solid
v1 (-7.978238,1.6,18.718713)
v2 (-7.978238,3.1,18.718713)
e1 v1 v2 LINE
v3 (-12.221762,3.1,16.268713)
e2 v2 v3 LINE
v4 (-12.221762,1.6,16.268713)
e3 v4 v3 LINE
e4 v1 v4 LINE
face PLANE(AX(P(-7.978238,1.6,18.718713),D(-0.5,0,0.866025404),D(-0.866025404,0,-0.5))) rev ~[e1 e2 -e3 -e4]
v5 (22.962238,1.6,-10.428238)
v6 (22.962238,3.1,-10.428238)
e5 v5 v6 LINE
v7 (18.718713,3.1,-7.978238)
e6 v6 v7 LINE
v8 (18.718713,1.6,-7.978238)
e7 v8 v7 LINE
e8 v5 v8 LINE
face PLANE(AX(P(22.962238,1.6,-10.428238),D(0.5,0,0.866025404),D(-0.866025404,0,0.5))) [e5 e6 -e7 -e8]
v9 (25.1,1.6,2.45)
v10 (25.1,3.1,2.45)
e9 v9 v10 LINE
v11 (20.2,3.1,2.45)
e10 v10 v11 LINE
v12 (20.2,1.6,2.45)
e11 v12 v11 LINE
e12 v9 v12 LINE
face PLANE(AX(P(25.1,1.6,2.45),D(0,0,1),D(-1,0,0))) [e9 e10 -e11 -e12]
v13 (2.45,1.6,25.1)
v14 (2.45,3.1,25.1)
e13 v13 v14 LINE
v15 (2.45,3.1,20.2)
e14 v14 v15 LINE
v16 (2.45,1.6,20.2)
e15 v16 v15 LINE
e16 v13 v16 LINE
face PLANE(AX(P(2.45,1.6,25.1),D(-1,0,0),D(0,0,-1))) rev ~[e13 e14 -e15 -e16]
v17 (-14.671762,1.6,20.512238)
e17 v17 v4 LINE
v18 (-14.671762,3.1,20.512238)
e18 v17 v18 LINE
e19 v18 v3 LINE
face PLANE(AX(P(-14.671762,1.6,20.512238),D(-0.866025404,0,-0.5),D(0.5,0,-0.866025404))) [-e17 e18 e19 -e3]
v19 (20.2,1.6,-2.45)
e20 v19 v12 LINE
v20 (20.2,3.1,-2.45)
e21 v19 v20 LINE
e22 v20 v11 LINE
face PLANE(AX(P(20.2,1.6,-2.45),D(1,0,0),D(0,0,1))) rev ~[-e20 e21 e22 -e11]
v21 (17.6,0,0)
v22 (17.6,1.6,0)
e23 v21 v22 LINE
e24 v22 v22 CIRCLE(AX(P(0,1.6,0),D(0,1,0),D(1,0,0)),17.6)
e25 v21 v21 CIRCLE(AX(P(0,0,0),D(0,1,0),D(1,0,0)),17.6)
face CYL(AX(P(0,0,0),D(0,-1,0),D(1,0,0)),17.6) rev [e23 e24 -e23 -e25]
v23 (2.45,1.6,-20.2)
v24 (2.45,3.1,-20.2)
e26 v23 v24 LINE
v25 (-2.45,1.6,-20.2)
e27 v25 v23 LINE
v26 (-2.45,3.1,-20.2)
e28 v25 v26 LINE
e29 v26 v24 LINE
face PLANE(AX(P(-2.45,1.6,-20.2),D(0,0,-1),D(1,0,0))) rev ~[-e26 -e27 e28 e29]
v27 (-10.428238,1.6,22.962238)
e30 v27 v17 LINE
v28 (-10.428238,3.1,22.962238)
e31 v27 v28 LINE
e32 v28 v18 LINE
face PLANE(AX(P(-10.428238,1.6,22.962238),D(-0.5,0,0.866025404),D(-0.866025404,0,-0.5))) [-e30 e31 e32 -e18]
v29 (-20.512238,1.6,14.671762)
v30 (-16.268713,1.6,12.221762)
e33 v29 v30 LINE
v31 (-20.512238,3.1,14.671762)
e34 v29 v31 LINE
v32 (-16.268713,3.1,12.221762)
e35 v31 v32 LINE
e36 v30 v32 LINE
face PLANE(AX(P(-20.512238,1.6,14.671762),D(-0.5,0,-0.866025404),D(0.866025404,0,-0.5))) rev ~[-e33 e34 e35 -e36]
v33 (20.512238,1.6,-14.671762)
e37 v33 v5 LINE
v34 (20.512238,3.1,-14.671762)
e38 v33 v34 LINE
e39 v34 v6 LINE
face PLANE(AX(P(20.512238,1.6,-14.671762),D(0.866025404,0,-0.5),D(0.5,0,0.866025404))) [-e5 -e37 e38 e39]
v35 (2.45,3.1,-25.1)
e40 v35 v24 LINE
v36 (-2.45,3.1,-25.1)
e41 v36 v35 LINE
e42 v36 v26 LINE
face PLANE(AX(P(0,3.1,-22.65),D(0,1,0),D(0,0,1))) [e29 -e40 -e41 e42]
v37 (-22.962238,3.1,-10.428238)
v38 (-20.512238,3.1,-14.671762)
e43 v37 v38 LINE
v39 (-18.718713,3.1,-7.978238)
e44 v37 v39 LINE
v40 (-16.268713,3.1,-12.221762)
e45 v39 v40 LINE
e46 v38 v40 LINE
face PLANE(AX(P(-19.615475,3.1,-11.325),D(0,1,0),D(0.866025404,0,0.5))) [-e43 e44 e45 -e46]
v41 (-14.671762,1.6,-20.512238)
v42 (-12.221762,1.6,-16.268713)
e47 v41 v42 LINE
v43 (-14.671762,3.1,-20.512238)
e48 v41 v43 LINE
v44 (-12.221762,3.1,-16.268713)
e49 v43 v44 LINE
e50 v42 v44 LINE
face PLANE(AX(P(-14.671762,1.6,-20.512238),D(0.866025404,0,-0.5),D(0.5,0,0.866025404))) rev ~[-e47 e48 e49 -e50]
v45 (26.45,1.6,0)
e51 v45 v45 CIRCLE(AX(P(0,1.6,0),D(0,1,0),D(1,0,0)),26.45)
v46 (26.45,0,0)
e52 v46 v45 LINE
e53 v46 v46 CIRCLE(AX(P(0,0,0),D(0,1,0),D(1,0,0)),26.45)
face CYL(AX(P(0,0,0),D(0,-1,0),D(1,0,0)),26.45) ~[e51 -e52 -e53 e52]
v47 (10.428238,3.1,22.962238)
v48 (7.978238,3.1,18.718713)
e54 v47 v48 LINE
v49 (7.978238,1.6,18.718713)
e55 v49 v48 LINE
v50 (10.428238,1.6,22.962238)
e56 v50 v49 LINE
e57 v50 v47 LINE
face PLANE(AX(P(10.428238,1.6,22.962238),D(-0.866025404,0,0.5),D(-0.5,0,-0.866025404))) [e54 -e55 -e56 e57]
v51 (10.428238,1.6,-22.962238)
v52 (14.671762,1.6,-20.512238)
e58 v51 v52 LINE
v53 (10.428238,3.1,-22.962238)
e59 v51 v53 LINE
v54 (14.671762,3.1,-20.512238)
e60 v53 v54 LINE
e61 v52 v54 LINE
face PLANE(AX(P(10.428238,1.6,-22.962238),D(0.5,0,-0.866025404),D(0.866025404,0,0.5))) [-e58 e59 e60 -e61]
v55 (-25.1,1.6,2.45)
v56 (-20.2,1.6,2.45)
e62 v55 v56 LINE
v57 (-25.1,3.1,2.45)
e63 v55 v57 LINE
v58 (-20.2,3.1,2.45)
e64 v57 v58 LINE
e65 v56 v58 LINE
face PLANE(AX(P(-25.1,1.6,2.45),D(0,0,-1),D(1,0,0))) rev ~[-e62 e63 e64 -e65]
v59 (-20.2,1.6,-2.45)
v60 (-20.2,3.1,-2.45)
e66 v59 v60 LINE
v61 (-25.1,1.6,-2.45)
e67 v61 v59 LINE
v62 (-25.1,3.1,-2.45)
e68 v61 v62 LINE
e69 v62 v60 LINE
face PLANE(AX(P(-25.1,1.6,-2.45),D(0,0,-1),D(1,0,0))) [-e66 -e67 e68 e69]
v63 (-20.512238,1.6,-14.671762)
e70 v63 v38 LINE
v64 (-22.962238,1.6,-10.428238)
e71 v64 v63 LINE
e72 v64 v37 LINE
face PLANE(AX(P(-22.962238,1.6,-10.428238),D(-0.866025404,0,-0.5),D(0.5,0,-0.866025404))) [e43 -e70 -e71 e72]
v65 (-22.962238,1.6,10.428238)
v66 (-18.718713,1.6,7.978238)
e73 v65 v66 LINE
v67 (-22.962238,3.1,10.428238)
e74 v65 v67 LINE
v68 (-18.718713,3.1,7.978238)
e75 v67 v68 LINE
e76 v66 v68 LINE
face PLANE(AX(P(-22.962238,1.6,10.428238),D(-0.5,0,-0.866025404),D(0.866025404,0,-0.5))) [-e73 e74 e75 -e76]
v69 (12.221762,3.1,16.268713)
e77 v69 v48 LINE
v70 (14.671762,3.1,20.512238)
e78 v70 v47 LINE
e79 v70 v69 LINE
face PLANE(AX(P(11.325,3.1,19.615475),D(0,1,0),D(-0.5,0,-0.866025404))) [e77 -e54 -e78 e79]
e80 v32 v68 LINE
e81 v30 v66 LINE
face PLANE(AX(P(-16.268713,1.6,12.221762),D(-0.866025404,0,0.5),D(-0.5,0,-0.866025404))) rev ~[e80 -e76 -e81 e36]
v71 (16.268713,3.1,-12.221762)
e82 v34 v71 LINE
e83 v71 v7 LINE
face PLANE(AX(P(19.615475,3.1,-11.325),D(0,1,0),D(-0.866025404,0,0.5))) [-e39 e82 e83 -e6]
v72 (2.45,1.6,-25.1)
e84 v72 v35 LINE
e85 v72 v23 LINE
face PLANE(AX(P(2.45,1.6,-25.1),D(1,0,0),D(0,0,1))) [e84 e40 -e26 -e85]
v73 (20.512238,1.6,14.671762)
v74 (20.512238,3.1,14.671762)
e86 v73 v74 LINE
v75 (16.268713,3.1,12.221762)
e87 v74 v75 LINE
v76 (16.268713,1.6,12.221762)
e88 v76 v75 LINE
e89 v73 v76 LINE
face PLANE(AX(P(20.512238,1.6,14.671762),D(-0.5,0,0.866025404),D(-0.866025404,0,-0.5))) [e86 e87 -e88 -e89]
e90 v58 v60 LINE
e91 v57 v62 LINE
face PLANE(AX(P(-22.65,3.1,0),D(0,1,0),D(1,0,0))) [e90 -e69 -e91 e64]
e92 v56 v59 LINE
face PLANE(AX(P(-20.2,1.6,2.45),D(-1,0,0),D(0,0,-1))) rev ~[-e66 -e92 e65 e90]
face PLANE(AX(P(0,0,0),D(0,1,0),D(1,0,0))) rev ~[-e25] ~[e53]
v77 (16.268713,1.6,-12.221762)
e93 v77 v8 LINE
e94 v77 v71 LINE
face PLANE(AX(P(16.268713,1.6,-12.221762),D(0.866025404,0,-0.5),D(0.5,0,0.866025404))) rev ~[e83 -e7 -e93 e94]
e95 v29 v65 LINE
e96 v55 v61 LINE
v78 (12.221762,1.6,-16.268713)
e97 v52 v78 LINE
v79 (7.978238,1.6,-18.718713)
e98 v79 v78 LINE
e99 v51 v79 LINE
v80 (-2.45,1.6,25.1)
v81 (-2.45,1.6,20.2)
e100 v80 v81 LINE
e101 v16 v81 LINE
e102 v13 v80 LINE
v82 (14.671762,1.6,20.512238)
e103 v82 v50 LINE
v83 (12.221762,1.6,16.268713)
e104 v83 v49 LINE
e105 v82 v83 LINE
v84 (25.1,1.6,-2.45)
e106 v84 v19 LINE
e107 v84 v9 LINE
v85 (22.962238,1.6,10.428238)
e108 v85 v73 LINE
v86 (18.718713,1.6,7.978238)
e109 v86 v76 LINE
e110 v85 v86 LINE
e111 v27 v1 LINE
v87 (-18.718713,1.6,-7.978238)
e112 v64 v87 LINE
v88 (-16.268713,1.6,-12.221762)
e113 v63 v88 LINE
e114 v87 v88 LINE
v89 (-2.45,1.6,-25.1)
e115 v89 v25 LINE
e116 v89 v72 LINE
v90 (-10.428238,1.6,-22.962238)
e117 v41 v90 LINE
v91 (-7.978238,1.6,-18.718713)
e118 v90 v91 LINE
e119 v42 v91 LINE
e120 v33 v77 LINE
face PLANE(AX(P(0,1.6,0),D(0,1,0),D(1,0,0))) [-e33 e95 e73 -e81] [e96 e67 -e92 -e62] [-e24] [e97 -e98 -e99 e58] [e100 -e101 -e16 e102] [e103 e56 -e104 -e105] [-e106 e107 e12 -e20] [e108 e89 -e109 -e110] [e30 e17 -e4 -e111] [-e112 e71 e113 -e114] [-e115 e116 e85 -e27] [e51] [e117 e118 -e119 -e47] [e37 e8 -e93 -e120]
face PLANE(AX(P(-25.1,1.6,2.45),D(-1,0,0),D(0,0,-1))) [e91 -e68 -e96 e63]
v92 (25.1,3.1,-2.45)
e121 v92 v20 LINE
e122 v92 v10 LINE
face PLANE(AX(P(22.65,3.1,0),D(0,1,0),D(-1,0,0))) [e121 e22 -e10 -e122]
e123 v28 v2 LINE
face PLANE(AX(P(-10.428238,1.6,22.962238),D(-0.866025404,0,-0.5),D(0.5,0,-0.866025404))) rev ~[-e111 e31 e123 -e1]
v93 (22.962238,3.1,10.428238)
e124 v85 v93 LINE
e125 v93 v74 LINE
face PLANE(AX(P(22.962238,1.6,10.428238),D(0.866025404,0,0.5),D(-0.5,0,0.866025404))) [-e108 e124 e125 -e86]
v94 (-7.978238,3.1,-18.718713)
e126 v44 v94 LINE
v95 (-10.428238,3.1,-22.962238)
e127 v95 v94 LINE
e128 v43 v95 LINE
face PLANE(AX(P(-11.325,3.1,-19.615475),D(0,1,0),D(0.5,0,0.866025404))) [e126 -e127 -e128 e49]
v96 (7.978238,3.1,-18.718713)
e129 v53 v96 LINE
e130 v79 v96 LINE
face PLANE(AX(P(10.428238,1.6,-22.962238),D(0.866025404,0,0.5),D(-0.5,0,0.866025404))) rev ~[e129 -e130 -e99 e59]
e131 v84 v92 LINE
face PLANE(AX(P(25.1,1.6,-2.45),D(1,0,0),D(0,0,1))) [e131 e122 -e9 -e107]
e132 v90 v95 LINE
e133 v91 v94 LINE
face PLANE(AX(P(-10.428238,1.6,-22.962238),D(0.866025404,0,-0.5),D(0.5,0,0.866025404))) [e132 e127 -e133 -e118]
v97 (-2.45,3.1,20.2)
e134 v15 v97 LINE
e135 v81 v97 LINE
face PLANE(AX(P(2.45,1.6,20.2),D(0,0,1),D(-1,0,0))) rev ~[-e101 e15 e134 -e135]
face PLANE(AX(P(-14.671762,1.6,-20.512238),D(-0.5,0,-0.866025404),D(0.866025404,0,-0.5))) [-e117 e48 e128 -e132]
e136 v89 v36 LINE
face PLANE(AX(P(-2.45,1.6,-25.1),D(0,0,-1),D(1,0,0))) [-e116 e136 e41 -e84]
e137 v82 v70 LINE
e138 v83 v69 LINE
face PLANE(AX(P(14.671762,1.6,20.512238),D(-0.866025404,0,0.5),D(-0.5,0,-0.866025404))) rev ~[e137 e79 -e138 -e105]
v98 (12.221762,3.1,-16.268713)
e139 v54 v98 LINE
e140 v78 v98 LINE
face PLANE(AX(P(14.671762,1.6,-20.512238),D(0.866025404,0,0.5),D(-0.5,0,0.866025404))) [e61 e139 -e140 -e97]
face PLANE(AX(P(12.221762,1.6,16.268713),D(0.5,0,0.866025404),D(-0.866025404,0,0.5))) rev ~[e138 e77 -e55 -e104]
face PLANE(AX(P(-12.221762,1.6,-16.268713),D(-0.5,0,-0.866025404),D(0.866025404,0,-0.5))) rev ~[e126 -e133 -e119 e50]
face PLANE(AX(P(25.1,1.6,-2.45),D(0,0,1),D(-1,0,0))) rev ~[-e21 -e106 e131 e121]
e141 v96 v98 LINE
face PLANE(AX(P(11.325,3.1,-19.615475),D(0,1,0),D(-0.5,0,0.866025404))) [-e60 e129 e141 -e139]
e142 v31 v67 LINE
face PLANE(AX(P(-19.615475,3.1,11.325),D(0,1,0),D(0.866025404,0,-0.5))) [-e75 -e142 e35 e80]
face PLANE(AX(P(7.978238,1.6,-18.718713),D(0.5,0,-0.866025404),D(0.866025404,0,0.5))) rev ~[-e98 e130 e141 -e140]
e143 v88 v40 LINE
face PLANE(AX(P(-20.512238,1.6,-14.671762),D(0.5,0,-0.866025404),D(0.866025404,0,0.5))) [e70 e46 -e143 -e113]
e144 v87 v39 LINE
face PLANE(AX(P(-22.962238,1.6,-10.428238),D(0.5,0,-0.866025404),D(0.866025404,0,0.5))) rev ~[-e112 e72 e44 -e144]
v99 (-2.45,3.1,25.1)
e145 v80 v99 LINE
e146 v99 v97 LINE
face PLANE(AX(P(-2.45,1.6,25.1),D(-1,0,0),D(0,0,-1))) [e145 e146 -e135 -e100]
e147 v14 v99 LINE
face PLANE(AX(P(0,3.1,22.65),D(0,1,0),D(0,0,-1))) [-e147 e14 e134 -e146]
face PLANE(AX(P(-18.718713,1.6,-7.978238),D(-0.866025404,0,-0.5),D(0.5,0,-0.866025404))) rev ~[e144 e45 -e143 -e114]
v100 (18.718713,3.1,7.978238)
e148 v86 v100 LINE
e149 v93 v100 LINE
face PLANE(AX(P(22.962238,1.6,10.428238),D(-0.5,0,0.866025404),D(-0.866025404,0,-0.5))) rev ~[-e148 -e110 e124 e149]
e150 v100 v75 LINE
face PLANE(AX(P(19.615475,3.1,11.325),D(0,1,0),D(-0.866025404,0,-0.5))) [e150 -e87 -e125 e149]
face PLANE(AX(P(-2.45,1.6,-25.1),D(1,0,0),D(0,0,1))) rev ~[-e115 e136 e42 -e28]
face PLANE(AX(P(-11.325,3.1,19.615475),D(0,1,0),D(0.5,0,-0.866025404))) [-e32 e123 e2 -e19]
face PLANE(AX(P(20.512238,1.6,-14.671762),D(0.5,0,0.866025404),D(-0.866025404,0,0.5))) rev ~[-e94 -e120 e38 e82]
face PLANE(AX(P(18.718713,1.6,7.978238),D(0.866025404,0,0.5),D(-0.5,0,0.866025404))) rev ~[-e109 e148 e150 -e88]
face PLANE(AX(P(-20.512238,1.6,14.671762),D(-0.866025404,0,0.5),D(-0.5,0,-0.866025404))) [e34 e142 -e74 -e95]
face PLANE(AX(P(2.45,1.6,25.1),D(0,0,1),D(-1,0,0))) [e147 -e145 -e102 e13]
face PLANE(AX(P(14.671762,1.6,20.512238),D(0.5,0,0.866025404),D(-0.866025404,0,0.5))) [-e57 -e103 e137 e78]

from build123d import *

# Parameters (mm, degrees)
SKETCH_1_R               = 26.45
SKETCH_1_R_2             = 17.6
EXTRUDE_1_DEPTH          = 1.6
SKETCH_2_W               = 4.9
SKETCH_2_H               = 4.9
EXTRUDE_2_DEPTH          = 1.5
PATTERN_CIRCULAR_1_COUNT = 12


with BuildPart() as part:
    # 草图1 → 凸台-拉伸1 (new body)
    with BuildSketch(Plane(origin=(0, 0, 0), x_dir=(1, 0, 0), z_dir=(0, 1, 0))):
        Circle(SKETCH_1_R)
        Circle(SKETCH_1_R_2, mode=Mode.SUBTRACT)
    extrude(amount=EXTRUDE_1_DEPTH)

    # 草图2 → 凸台-拉伸2 (add)
    with BuildSketch(Plane(origin=(0, 1.6, 0), x_dir=(1, 0, 0), z_dir=(0, 1, 0))):
        with Locations((-22.65, 0)):
            Rectangle(SKETCH_2_W, SKETCH_2_H)
    extrude_2 = extrude(amount=EXTRUDE_2_DEPTH)

    # 阵列(圆周)1: 凸台-拉伸2 ×12 about axis
    pattern_circular_1_axis = Axis((0, 0, 0), (0, 1, 0))
    for i in range(1, PATTERN_CIRCULAR_1_COUNT):
        add(extrude_2.rotate(pattern_circular_1_axis, i * 360 / PATTERN_CIRCULAR_1_COUNT))


solid = part.part
